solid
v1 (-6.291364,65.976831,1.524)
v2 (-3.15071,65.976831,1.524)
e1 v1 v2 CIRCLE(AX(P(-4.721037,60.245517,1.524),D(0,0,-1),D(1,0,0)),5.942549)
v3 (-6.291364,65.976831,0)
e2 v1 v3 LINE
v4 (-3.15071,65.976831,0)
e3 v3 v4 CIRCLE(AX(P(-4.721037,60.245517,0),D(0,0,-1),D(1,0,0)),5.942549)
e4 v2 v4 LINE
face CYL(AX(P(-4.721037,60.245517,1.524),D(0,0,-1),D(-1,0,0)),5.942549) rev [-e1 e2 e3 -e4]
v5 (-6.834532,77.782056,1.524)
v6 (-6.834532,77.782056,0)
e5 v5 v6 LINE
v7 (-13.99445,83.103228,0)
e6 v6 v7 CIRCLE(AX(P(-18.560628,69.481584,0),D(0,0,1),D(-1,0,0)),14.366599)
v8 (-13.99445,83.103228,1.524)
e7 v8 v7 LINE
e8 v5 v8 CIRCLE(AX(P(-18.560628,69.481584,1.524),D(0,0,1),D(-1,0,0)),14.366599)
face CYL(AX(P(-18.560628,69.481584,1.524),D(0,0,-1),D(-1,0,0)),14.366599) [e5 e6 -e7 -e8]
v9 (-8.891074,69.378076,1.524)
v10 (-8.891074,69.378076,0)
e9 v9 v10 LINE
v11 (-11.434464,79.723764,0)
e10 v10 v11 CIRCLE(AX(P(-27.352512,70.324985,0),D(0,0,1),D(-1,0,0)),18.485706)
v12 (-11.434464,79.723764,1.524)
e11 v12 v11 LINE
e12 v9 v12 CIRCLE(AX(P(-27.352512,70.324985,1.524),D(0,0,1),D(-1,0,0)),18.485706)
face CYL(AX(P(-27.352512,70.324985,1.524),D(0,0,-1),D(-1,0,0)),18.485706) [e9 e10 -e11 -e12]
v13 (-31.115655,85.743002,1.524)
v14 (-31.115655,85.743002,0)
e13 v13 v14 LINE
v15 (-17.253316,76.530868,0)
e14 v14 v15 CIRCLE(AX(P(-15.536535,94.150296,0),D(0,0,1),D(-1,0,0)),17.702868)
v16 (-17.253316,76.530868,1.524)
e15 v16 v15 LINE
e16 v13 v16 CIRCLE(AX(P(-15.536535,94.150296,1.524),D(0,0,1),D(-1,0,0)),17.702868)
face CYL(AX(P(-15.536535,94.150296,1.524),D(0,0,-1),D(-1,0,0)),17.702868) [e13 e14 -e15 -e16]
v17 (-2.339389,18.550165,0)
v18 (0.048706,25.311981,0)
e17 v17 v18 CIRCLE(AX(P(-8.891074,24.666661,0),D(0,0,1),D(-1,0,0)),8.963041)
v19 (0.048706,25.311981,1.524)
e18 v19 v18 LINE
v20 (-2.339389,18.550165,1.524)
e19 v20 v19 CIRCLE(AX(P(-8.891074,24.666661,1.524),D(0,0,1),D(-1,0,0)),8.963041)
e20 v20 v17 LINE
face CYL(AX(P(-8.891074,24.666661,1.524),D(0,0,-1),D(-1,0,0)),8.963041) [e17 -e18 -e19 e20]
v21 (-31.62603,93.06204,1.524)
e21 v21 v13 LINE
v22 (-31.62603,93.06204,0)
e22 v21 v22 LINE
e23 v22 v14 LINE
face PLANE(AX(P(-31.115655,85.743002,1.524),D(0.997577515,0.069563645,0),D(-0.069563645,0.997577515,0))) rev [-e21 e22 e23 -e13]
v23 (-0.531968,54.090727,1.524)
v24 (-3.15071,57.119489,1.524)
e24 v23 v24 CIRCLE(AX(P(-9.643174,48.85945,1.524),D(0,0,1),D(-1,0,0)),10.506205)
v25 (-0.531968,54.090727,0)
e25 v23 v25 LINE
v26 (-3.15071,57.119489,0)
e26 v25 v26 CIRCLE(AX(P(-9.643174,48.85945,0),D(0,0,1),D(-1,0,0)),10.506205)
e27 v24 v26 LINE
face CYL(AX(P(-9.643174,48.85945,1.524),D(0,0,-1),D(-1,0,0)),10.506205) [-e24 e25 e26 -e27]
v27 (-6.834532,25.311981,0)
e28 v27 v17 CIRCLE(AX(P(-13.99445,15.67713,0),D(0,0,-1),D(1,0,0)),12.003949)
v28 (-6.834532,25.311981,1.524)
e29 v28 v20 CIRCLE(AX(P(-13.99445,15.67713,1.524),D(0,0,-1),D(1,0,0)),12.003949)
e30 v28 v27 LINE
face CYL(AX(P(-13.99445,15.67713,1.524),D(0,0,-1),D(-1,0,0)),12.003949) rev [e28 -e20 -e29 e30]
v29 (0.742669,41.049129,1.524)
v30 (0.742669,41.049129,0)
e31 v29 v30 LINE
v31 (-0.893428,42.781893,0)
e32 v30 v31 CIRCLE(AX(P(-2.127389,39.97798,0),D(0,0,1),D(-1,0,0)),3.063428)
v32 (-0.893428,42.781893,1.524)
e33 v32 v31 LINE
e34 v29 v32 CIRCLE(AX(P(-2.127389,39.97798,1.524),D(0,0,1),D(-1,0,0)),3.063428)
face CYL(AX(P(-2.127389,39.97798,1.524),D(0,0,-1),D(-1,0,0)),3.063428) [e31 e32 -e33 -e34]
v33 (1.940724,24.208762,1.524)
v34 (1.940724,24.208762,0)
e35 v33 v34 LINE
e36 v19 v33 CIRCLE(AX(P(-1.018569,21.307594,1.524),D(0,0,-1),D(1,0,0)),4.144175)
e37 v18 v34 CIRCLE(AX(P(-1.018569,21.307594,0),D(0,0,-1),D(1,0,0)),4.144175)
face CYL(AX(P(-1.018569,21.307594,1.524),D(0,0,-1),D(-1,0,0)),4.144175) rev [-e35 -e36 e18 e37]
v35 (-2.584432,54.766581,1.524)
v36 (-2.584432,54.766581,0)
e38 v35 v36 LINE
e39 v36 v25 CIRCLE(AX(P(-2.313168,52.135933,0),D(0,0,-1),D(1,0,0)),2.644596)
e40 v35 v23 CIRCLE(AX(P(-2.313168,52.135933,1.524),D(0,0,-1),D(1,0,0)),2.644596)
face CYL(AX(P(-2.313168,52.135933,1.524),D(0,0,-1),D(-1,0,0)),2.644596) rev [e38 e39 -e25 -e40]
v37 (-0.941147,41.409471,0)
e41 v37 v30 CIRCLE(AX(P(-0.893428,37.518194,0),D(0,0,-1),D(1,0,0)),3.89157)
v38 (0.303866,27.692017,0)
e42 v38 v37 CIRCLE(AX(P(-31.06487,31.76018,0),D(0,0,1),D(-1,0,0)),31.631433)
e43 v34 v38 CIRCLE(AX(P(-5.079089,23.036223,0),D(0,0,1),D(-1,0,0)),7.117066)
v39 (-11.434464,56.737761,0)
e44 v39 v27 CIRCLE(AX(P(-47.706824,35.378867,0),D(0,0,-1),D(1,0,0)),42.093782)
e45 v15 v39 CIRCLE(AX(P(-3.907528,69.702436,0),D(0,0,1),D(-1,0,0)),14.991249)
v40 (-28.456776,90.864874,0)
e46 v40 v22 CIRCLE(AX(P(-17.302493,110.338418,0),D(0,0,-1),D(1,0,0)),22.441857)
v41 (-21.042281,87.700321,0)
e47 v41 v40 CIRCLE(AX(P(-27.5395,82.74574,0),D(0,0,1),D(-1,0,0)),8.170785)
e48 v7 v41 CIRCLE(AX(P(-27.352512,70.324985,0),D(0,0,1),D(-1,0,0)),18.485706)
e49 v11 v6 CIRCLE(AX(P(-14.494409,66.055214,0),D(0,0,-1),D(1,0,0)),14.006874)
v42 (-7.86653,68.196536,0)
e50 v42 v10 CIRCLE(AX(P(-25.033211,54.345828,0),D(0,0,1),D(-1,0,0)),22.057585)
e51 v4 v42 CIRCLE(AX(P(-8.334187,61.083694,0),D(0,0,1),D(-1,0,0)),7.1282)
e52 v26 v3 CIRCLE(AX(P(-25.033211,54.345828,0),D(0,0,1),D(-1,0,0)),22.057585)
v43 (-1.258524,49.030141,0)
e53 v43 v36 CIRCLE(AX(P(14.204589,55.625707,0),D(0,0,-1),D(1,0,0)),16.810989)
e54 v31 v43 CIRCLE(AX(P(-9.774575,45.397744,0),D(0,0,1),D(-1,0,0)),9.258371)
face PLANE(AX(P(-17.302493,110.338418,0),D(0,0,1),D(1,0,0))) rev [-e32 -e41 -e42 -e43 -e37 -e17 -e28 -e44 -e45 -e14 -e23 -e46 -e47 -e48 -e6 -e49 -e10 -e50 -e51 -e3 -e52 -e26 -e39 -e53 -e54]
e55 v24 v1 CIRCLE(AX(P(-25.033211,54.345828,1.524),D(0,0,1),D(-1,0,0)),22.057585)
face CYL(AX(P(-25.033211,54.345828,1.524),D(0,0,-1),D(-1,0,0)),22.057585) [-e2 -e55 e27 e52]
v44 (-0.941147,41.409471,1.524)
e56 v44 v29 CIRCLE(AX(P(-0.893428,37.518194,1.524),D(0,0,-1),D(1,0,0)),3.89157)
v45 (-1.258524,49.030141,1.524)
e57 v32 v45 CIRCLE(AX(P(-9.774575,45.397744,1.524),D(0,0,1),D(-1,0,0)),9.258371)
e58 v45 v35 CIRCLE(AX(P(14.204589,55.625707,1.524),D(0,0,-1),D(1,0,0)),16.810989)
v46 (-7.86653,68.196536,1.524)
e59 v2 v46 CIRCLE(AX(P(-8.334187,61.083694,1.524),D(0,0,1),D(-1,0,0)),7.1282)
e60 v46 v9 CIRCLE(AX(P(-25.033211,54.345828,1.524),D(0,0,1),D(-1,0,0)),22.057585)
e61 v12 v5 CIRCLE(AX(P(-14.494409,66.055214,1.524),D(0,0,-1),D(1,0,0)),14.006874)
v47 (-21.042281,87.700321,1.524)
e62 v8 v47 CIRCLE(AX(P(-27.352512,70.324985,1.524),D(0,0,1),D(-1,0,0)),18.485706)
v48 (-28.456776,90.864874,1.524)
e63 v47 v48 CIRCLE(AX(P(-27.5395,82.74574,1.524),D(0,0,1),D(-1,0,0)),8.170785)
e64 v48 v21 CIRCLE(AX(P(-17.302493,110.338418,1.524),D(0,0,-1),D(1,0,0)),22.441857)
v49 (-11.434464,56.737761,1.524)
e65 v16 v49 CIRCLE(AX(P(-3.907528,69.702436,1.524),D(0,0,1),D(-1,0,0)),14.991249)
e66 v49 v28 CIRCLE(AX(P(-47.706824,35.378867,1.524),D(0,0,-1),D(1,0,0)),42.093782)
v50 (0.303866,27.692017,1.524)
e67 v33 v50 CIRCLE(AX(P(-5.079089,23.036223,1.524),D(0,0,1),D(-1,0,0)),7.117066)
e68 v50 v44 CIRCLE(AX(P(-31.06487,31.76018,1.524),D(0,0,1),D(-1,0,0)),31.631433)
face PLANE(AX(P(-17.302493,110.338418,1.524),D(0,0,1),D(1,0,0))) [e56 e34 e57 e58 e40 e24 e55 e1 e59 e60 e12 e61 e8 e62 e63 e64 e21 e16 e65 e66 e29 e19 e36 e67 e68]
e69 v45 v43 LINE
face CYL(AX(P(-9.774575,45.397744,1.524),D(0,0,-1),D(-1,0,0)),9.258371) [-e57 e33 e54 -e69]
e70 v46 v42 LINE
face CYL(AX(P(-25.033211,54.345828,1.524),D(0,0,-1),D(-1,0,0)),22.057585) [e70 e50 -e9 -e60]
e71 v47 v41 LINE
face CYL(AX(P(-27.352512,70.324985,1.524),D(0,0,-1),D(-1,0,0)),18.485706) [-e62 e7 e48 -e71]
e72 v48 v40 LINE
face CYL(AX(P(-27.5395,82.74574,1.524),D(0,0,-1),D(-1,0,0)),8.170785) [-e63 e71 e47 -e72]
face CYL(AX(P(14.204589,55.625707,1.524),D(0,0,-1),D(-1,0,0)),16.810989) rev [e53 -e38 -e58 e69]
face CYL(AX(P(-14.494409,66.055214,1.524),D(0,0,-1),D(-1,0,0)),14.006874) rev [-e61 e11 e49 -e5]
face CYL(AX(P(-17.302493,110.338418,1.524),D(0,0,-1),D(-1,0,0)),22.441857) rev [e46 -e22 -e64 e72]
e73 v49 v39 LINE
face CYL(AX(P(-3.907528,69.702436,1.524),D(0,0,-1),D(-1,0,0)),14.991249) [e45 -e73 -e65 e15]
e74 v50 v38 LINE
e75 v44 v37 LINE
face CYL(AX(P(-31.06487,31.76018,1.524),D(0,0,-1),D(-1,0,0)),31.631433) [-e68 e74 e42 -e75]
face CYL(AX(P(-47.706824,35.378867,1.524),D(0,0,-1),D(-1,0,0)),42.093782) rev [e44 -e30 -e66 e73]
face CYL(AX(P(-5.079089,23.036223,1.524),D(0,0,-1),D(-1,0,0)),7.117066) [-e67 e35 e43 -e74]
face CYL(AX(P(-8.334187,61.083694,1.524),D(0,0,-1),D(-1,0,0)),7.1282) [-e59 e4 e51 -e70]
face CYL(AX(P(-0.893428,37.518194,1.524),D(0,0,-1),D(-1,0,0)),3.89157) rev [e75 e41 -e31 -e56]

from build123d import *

# Parameters (mm, degrees)
BOSS_EXTRUDE1_DEPTH = 1.524


with BuildPart() as part:
    # Sketch1 → Boss-Extrude1 (new body)
    with BuildSketch(Plane.XY):
        with BuildLine():
            Line((-31.115654525, 85.743001786), (-31.626029854, 93.062039695))
            ThreePointArc((-31.626029854, 93.062039695), (-30.088685306, 91.89525557), (-28.45677625, 90.864873946))
            ThreePointArc((-28.45677625, 90.864873946), (-24.332080512, 90.260671192), (-21.042280839, 87.700320822))
            ThreePointArc((-21.042280839, 87.700320822), (-17.253316375, 85.808122938), (-13.994450183, 83.103228173))
            ThreePointArc((-13.994450183, 83.103228173), (-9.99101498, 81.01245123), (-6.834531764, 77.782055688))
            ThreePointArc((-6.834531764, 77.782055688), (-9.047280649, 78.959528297), (-11.434463645, 79.723764333))
            ThreePointArc((-11.434463645, 79.723764333), (-9.401311851, 74.738116942), (-8.891074145, 69.378075561))
            ThreePointArc((-8.891074145, 69.378075561), (-8.368327541, 68.796388825), (-7.866530285, 68.196536356))
            ThreePointArc((-7.866530285, 68.196536356), (-5.298466146, 67.533161121), (-3.150709885, 65.976831091))
            ThreePointArc((-3.150709885, 65.976831091), (-4.721037121, 66.188066002), (-6.291364357, 65.976831091))
            ThreePointArc((-6.291364357, 65.976831091), (-4.243849878, 61.717361935), (-3.150709885, 57.119488733))
            ThreePointArc((-3.150709885, 57.119488733), (-1.695723101, 55.731011208), (-0.531968435, 54.090727251))
            ThreePointArc((-0.531968435, 54.090727251), (-1.486021988, 54.647848886), (-2.584432422, 54.76658058))
            ThreePointArc((-2.584432422, 54.76658058), (-2.443936558, 53.294197652), (-2.174566125, 51.839862702))
            ThreePointArc((-2.174566125, 51.839862702), (-1.778406294, 50.414833592), (-1.258523697, 49.030141329))
            ThreePointArc((-1.258523697, 49.030141329), (-0.531968435, 45.93780464), (-0.893428223, 42.781893428))
            ThreePointArc((-0.893428223, 42.781893428), (0.100022048, 42.0811278), (0.742668626, 41.049129115))
            ThreePointArc((0.742668626, 41.049129115), (-0.079058418, 41.323600355), (-0.941146572, 41.409471254))
            ThreePointArc((-0.941146572, 41.409471254), (0.437078702, 34.619334125), (0.303865798, 27.692017078))
            ThreePointArc((0.303865798, 27.692017078), (1.362217268, 26.063134365), (1.940723645, 24.208761938))
            ThreePointArc((1.940723645, 24.208761938), (1.068913801, 24.887622398), (0.048705917, 25.311980504))
            ThreePointArc((0.048705917, 25.311980504), (-0.439629904, 21.681833995), (-2.339389119, 18.550165034))
            ThreePointArc((-2.339389119, 18.550165034), (-3.997880754, 22.322683164), (-6.834531764, 25.311980504))
            ThreePointArc((-6.834531764, 25.311980504), (-6.056862602, 41.475358139), (-11.434463645, 56.737761388))
            ThreePointArc((-11.434463645, 56.737761388), (-18.290136293, 65.474182448), (-17.253316375, 76.530868427))
            ThreePointArc((-17.253316375, 76.530868427), (-25.334641834, 79.406189783), (-31.115654525, 85.743001786))
        make_face()
    extrude(amount=BOSS_EXTRUDE1_DEPTH)


solid = part.part
